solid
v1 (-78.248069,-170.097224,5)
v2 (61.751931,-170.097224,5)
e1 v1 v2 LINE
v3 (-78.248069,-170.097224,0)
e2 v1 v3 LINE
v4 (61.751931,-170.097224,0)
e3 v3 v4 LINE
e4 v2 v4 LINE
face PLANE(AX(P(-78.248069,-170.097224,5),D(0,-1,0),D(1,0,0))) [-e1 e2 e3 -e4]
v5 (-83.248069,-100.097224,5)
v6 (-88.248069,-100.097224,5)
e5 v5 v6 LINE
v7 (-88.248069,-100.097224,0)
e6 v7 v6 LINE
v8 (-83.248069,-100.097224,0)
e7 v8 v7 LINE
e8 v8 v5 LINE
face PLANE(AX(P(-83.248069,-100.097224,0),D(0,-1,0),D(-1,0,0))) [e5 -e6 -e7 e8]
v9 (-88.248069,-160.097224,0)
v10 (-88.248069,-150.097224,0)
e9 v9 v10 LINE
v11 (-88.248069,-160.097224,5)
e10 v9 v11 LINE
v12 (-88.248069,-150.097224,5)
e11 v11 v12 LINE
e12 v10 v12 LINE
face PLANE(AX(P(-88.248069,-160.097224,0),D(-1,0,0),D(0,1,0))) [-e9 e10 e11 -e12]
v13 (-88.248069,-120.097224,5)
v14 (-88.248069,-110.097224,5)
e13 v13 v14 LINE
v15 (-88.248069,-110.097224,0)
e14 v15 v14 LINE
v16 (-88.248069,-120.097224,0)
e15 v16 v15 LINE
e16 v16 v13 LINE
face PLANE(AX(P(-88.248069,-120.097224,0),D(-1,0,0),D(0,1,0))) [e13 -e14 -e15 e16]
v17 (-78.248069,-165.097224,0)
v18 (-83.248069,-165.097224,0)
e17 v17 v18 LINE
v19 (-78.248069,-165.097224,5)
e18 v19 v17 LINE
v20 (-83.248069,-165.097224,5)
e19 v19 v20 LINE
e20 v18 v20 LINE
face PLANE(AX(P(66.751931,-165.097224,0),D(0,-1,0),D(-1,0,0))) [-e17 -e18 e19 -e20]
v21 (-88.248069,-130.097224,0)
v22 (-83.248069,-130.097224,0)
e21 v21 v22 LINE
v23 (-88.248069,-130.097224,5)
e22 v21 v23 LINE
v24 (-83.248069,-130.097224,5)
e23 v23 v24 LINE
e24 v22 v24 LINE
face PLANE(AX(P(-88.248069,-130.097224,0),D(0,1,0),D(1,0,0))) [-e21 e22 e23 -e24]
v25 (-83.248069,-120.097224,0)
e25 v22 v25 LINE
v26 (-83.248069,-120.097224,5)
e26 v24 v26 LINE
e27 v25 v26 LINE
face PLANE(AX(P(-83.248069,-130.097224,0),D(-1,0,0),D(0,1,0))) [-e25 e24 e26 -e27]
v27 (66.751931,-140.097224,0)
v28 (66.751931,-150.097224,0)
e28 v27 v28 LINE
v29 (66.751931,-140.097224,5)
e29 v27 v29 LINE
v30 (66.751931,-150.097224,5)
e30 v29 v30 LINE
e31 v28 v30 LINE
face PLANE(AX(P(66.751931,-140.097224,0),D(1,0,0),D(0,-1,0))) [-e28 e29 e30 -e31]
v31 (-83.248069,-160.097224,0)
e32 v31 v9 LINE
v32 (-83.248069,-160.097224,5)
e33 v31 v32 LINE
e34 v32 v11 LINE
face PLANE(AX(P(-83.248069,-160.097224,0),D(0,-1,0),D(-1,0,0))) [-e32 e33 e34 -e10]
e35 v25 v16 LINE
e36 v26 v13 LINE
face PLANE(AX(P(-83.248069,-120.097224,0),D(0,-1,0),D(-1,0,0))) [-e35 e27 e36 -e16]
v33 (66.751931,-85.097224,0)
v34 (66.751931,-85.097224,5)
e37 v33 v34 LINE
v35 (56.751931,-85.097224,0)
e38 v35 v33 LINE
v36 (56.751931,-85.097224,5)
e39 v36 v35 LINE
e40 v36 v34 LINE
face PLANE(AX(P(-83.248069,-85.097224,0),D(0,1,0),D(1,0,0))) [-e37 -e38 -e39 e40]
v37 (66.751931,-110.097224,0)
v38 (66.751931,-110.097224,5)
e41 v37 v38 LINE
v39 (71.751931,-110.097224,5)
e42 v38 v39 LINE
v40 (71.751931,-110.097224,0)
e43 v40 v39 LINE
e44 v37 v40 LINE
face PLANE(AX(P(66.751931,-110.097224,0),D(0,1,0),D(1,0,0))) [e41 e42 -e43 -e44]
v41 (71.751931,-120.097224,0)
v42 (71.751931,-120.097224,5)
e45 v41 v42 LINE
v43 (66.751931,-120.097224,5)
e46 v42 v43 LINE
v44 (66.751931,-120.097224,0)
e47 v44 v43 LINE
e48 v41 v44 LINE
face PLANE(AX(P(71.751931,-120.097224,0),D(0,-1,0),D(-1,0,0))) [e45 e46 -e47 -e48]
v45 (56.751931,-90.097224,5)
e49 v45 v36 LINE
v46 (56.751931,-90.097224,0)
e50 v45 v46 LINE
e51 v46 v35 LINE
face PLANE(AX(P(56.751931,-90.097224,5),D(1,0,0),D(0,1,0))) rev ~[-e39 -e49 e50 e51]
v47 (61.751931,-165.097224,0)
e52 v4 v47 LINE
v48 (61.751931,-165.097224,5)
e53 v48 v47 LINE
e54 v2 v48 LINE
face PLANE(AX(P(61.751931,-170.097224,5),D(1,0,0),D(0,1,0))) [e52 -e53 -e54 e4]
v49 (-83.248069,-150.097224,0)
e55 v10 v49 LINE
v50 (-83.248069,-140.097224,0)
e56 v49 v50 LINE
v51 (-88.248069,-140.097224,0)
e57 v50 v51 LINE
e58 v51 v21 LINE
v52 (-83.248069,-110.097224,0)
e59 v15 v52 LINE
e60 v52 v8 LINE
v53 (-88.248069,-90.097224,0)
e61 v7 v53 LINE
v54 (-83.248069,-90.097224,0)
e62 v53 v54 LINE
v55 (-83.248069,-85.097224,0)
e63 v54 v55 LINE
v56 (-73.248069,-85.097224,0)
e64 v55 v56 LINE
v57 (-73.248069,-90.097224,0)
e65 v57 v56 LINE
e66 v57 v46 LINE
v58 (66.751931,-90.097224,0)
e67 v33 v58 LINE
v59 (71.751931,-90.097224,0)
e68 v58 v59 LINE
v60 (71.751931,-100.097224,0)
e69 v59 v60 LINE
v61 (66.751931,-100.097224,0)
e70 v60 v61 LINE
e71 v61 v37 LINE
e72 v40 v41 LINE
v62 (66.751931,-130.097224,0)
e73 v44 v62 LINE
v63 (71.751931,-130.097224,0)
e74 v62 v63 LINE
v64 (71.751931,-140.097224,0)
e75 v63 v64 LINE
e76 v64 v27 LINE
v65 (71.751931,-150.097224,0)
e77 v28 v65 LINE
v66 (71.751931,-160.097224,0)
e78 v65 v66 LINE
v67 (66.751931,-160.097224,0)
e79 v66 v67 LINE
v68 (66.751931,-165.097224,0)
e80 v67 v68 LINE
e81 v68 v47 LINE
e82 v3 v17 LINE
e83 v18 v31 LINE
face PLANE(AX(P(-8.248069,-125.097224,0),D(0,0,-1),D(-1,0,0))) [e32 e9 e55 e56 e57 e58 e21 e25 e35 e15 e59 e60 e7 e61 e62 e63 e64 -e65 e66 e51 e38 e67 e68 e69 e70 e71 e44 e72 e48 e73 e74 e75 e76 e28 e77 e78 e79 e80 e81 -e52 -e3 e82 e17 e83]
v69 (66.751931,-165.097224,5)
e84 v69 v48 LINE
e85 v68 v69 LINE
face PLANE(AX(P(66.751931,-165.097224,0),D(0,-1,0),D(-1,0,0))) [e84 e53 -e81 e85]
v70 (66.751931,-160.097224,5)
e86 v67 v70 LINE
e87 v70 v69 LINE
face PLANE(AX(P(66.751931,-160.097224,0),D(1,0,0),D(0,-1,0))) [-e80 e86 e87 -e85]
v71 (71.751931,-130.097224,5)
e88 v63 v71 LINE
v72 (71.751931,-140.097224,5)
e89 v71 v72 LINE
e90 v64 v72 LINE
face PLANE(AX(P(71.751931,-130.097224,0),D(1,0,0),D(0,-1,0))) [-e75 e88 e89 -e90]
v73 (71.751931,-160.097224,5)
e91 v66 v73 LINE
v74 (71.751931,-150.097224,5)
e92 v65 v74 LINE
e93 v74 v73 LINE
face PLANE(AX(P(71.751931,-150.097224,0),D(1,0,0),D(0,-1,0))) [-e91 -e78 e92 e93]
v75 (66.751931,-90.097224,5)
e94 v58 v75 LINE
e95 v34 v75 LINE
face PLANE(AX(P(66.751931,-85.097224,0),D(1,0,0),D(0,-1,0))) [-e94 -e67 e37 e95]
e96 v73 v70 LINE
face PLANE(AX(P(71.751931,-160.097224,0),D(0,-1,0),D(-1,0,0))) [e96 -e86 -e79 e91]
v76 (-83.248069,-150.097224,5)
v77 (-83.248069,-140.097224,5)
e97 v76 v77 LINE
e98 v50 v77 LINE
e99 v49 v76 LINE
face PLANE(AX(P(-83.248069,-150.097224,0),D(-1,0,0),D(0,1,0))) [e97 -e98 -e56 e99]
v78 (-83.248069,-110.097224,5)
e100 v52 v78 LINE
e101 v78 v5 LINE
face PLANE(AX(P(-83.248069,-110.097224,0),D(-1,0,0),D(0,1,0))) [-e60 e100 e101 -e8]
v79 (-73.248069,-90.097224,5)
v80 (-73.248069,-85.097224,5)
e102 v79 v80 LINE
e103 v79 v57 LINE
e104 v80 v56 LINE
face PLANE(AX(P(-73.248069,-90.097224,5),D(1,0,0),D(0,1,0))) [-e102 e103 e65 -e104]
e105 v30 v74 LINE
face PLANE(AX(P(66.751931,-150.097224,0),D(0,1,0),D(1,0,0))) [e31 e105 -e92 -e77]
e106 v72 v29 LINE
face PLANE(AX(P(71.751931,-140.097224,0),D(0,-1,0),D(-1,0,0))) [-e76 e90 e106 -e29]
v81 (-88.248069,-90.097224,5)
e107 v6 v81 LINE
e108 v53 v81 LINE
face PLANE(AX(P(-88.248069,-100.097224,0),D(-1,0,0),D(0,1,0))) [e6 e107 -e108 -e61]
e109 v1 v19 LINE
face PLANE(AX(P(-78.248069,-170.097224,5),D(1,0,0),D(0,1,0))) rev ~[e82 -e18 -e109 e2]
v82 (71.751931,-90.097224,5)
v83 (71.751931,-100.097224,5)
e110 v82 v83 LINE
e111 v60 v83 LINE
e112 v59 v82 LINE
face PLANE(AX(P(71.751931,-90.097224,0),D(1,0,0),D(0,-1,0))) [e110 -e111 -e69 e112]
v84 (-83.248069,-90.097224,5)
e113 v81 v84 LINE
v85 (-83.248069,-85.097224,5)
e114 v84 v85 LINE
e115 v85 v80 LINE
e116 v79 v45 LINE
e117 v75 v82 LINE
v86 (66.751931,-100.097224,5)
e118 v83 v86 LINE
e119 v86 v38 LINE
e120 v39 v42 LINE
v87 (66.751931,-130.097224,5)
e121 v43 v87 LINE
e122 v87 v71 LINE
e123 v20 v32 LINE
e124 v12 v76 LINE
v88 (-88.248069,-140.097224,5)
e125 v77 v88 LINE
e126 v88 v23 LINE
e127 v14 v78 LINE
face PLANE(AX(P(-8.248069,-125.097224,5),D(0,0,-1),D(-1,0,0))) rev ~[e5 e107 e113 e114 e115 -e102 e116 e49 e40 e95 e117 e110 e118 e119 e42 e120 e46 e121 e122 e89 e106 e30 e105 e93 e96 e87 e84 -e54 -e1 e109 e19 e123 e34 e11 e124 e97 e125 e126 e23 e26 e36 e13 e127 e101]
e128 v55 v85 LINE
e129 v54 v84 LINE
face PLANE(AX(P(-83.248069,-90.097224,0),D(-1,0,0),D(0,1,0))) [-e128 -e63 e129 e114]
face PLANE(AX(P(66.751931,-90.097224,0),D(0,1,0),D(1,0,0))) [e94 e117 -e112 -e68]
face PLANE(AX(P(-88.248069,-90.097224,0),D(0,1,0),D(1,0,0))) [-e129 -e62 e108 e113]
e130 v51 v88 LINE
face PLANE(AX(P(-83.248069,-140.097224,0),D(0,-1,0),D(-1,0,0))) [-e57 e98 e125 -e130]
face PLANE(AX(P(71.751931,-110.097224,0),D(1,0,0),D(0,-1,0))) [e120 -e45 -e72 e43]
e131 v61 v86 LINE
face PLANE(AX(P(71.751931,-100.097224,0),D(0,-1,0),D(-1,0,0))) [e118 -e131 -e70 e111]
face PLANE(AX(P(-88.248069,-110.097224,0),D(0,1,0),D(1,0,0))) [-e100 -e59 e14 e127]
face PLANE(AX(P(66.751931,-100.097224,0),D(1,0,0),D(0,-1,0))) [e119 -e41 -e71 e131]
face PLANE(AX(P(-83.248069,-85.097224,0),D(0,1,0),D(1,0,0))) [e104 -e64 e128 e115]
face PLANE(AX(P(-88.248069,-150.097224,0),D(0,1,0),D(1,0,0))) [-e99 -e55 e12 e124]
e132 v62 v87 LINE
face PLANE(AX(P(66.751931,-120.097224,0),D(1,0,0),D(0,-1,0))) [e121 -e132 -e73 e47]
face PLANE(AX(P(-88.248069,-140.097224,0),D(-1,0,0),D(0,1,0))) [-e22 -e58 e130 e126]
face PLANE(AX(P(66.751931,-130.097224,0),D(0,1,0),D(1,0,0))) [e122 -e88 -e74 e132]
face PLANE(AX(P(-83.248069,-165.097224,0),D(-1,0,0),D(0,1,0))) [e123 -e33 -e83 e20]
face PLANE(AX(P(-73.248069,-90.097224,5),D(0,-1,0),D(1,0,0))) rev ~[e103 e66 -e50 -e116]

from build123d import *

# Parameters (mm, degrees)
BOSS_EXTRU_1_DEPTH      = 5
ESQUISSE2_W             = 130
ESQUISSE2_H             = 5
ENL_V_MAT_EXTRU_1_DEPTH = 5
ESQUISSE3_W             = 140
ESQUISSE3_H             = 5
BOSS_EXTRU_2_DEPTH      = 5


with BuildPart() as part:
    # Esquisse1 → Boss.-Extru.1 (new body)
    with BuildSketch(Plane.XY):
        Polygon((-83.248069132, -165.097223543), (-83.248069132, -160.097223543), (-88.248069132, -160.097223543), (-88.248069132, -150.097223543), (-83.248069132, -150.097223543), (-83.248069132, -140.097223543), (-88.248069132, -140.097223543), (-88.248069132, -130.097223543), (-83.248069132, -130.097223543), (-83.248069132, -120.097223543), (-88.248069132, -120.097223543), (-88.248069132, -110.097223543), (-83.248069132, -110.097223543), (-83.248069132, -100.097223543), (-88.248069132, -100.097223543), (-88.248069132, -90.097223543), (-83.248069132, -90.097223543), (-83.248069132, -85.097223543), (66.751930868, -85.097223543), (66.751930868, -90.097223543), (71.751930868, -90.097223543), (71.751930868, -100.097223543), (66.751930868, -100.097223543), (66.751930868, -110.097223543), (71.751930868, -110.097223543), (71.751930868, -120.097223543), (66.751930868, -120.097223543), (66.751930868, -130.097223543), (71.751930868, -130.097223543), (71.751930868, -140.097223543), (66.751930868, -140.097223543), (66.751930868, -150.097223543), (71.751930868, -150.097223543), (71.751930868, -160.097223543), (66.751930868, -160.097223543), (66.751930868, -165.097223543), align=None)
    extrude(amount=BOSS_EXTRU_1_DEPTH)

    # Esquisse2 → Enlèv. mat.-Extru.1 (cut)
    with BuildSketch(Plane.XY.offset(5)):
        with Locations((-8.248069132, -87.597223543)):
            Rectangle(ESQUISSE2_W, ESQUISSE2_H)
    extrude(amount=-ENL_V_MAT_EXTRU_1_DEPTH, mode=Mode.SUBTRACT)

    # Esquisse3 → Boss.-Extru.2 (add)
    with BuildSketch(Plane.XY.offset(5)):
        with Locations((-8.248069132, -167.597223543)):
            Rectangle(ESQUISSE3_W, ESQUISSE3_H)
    extrude(amount=-BOSS_EXTRU_2_DEPTH)


solid = part.part
